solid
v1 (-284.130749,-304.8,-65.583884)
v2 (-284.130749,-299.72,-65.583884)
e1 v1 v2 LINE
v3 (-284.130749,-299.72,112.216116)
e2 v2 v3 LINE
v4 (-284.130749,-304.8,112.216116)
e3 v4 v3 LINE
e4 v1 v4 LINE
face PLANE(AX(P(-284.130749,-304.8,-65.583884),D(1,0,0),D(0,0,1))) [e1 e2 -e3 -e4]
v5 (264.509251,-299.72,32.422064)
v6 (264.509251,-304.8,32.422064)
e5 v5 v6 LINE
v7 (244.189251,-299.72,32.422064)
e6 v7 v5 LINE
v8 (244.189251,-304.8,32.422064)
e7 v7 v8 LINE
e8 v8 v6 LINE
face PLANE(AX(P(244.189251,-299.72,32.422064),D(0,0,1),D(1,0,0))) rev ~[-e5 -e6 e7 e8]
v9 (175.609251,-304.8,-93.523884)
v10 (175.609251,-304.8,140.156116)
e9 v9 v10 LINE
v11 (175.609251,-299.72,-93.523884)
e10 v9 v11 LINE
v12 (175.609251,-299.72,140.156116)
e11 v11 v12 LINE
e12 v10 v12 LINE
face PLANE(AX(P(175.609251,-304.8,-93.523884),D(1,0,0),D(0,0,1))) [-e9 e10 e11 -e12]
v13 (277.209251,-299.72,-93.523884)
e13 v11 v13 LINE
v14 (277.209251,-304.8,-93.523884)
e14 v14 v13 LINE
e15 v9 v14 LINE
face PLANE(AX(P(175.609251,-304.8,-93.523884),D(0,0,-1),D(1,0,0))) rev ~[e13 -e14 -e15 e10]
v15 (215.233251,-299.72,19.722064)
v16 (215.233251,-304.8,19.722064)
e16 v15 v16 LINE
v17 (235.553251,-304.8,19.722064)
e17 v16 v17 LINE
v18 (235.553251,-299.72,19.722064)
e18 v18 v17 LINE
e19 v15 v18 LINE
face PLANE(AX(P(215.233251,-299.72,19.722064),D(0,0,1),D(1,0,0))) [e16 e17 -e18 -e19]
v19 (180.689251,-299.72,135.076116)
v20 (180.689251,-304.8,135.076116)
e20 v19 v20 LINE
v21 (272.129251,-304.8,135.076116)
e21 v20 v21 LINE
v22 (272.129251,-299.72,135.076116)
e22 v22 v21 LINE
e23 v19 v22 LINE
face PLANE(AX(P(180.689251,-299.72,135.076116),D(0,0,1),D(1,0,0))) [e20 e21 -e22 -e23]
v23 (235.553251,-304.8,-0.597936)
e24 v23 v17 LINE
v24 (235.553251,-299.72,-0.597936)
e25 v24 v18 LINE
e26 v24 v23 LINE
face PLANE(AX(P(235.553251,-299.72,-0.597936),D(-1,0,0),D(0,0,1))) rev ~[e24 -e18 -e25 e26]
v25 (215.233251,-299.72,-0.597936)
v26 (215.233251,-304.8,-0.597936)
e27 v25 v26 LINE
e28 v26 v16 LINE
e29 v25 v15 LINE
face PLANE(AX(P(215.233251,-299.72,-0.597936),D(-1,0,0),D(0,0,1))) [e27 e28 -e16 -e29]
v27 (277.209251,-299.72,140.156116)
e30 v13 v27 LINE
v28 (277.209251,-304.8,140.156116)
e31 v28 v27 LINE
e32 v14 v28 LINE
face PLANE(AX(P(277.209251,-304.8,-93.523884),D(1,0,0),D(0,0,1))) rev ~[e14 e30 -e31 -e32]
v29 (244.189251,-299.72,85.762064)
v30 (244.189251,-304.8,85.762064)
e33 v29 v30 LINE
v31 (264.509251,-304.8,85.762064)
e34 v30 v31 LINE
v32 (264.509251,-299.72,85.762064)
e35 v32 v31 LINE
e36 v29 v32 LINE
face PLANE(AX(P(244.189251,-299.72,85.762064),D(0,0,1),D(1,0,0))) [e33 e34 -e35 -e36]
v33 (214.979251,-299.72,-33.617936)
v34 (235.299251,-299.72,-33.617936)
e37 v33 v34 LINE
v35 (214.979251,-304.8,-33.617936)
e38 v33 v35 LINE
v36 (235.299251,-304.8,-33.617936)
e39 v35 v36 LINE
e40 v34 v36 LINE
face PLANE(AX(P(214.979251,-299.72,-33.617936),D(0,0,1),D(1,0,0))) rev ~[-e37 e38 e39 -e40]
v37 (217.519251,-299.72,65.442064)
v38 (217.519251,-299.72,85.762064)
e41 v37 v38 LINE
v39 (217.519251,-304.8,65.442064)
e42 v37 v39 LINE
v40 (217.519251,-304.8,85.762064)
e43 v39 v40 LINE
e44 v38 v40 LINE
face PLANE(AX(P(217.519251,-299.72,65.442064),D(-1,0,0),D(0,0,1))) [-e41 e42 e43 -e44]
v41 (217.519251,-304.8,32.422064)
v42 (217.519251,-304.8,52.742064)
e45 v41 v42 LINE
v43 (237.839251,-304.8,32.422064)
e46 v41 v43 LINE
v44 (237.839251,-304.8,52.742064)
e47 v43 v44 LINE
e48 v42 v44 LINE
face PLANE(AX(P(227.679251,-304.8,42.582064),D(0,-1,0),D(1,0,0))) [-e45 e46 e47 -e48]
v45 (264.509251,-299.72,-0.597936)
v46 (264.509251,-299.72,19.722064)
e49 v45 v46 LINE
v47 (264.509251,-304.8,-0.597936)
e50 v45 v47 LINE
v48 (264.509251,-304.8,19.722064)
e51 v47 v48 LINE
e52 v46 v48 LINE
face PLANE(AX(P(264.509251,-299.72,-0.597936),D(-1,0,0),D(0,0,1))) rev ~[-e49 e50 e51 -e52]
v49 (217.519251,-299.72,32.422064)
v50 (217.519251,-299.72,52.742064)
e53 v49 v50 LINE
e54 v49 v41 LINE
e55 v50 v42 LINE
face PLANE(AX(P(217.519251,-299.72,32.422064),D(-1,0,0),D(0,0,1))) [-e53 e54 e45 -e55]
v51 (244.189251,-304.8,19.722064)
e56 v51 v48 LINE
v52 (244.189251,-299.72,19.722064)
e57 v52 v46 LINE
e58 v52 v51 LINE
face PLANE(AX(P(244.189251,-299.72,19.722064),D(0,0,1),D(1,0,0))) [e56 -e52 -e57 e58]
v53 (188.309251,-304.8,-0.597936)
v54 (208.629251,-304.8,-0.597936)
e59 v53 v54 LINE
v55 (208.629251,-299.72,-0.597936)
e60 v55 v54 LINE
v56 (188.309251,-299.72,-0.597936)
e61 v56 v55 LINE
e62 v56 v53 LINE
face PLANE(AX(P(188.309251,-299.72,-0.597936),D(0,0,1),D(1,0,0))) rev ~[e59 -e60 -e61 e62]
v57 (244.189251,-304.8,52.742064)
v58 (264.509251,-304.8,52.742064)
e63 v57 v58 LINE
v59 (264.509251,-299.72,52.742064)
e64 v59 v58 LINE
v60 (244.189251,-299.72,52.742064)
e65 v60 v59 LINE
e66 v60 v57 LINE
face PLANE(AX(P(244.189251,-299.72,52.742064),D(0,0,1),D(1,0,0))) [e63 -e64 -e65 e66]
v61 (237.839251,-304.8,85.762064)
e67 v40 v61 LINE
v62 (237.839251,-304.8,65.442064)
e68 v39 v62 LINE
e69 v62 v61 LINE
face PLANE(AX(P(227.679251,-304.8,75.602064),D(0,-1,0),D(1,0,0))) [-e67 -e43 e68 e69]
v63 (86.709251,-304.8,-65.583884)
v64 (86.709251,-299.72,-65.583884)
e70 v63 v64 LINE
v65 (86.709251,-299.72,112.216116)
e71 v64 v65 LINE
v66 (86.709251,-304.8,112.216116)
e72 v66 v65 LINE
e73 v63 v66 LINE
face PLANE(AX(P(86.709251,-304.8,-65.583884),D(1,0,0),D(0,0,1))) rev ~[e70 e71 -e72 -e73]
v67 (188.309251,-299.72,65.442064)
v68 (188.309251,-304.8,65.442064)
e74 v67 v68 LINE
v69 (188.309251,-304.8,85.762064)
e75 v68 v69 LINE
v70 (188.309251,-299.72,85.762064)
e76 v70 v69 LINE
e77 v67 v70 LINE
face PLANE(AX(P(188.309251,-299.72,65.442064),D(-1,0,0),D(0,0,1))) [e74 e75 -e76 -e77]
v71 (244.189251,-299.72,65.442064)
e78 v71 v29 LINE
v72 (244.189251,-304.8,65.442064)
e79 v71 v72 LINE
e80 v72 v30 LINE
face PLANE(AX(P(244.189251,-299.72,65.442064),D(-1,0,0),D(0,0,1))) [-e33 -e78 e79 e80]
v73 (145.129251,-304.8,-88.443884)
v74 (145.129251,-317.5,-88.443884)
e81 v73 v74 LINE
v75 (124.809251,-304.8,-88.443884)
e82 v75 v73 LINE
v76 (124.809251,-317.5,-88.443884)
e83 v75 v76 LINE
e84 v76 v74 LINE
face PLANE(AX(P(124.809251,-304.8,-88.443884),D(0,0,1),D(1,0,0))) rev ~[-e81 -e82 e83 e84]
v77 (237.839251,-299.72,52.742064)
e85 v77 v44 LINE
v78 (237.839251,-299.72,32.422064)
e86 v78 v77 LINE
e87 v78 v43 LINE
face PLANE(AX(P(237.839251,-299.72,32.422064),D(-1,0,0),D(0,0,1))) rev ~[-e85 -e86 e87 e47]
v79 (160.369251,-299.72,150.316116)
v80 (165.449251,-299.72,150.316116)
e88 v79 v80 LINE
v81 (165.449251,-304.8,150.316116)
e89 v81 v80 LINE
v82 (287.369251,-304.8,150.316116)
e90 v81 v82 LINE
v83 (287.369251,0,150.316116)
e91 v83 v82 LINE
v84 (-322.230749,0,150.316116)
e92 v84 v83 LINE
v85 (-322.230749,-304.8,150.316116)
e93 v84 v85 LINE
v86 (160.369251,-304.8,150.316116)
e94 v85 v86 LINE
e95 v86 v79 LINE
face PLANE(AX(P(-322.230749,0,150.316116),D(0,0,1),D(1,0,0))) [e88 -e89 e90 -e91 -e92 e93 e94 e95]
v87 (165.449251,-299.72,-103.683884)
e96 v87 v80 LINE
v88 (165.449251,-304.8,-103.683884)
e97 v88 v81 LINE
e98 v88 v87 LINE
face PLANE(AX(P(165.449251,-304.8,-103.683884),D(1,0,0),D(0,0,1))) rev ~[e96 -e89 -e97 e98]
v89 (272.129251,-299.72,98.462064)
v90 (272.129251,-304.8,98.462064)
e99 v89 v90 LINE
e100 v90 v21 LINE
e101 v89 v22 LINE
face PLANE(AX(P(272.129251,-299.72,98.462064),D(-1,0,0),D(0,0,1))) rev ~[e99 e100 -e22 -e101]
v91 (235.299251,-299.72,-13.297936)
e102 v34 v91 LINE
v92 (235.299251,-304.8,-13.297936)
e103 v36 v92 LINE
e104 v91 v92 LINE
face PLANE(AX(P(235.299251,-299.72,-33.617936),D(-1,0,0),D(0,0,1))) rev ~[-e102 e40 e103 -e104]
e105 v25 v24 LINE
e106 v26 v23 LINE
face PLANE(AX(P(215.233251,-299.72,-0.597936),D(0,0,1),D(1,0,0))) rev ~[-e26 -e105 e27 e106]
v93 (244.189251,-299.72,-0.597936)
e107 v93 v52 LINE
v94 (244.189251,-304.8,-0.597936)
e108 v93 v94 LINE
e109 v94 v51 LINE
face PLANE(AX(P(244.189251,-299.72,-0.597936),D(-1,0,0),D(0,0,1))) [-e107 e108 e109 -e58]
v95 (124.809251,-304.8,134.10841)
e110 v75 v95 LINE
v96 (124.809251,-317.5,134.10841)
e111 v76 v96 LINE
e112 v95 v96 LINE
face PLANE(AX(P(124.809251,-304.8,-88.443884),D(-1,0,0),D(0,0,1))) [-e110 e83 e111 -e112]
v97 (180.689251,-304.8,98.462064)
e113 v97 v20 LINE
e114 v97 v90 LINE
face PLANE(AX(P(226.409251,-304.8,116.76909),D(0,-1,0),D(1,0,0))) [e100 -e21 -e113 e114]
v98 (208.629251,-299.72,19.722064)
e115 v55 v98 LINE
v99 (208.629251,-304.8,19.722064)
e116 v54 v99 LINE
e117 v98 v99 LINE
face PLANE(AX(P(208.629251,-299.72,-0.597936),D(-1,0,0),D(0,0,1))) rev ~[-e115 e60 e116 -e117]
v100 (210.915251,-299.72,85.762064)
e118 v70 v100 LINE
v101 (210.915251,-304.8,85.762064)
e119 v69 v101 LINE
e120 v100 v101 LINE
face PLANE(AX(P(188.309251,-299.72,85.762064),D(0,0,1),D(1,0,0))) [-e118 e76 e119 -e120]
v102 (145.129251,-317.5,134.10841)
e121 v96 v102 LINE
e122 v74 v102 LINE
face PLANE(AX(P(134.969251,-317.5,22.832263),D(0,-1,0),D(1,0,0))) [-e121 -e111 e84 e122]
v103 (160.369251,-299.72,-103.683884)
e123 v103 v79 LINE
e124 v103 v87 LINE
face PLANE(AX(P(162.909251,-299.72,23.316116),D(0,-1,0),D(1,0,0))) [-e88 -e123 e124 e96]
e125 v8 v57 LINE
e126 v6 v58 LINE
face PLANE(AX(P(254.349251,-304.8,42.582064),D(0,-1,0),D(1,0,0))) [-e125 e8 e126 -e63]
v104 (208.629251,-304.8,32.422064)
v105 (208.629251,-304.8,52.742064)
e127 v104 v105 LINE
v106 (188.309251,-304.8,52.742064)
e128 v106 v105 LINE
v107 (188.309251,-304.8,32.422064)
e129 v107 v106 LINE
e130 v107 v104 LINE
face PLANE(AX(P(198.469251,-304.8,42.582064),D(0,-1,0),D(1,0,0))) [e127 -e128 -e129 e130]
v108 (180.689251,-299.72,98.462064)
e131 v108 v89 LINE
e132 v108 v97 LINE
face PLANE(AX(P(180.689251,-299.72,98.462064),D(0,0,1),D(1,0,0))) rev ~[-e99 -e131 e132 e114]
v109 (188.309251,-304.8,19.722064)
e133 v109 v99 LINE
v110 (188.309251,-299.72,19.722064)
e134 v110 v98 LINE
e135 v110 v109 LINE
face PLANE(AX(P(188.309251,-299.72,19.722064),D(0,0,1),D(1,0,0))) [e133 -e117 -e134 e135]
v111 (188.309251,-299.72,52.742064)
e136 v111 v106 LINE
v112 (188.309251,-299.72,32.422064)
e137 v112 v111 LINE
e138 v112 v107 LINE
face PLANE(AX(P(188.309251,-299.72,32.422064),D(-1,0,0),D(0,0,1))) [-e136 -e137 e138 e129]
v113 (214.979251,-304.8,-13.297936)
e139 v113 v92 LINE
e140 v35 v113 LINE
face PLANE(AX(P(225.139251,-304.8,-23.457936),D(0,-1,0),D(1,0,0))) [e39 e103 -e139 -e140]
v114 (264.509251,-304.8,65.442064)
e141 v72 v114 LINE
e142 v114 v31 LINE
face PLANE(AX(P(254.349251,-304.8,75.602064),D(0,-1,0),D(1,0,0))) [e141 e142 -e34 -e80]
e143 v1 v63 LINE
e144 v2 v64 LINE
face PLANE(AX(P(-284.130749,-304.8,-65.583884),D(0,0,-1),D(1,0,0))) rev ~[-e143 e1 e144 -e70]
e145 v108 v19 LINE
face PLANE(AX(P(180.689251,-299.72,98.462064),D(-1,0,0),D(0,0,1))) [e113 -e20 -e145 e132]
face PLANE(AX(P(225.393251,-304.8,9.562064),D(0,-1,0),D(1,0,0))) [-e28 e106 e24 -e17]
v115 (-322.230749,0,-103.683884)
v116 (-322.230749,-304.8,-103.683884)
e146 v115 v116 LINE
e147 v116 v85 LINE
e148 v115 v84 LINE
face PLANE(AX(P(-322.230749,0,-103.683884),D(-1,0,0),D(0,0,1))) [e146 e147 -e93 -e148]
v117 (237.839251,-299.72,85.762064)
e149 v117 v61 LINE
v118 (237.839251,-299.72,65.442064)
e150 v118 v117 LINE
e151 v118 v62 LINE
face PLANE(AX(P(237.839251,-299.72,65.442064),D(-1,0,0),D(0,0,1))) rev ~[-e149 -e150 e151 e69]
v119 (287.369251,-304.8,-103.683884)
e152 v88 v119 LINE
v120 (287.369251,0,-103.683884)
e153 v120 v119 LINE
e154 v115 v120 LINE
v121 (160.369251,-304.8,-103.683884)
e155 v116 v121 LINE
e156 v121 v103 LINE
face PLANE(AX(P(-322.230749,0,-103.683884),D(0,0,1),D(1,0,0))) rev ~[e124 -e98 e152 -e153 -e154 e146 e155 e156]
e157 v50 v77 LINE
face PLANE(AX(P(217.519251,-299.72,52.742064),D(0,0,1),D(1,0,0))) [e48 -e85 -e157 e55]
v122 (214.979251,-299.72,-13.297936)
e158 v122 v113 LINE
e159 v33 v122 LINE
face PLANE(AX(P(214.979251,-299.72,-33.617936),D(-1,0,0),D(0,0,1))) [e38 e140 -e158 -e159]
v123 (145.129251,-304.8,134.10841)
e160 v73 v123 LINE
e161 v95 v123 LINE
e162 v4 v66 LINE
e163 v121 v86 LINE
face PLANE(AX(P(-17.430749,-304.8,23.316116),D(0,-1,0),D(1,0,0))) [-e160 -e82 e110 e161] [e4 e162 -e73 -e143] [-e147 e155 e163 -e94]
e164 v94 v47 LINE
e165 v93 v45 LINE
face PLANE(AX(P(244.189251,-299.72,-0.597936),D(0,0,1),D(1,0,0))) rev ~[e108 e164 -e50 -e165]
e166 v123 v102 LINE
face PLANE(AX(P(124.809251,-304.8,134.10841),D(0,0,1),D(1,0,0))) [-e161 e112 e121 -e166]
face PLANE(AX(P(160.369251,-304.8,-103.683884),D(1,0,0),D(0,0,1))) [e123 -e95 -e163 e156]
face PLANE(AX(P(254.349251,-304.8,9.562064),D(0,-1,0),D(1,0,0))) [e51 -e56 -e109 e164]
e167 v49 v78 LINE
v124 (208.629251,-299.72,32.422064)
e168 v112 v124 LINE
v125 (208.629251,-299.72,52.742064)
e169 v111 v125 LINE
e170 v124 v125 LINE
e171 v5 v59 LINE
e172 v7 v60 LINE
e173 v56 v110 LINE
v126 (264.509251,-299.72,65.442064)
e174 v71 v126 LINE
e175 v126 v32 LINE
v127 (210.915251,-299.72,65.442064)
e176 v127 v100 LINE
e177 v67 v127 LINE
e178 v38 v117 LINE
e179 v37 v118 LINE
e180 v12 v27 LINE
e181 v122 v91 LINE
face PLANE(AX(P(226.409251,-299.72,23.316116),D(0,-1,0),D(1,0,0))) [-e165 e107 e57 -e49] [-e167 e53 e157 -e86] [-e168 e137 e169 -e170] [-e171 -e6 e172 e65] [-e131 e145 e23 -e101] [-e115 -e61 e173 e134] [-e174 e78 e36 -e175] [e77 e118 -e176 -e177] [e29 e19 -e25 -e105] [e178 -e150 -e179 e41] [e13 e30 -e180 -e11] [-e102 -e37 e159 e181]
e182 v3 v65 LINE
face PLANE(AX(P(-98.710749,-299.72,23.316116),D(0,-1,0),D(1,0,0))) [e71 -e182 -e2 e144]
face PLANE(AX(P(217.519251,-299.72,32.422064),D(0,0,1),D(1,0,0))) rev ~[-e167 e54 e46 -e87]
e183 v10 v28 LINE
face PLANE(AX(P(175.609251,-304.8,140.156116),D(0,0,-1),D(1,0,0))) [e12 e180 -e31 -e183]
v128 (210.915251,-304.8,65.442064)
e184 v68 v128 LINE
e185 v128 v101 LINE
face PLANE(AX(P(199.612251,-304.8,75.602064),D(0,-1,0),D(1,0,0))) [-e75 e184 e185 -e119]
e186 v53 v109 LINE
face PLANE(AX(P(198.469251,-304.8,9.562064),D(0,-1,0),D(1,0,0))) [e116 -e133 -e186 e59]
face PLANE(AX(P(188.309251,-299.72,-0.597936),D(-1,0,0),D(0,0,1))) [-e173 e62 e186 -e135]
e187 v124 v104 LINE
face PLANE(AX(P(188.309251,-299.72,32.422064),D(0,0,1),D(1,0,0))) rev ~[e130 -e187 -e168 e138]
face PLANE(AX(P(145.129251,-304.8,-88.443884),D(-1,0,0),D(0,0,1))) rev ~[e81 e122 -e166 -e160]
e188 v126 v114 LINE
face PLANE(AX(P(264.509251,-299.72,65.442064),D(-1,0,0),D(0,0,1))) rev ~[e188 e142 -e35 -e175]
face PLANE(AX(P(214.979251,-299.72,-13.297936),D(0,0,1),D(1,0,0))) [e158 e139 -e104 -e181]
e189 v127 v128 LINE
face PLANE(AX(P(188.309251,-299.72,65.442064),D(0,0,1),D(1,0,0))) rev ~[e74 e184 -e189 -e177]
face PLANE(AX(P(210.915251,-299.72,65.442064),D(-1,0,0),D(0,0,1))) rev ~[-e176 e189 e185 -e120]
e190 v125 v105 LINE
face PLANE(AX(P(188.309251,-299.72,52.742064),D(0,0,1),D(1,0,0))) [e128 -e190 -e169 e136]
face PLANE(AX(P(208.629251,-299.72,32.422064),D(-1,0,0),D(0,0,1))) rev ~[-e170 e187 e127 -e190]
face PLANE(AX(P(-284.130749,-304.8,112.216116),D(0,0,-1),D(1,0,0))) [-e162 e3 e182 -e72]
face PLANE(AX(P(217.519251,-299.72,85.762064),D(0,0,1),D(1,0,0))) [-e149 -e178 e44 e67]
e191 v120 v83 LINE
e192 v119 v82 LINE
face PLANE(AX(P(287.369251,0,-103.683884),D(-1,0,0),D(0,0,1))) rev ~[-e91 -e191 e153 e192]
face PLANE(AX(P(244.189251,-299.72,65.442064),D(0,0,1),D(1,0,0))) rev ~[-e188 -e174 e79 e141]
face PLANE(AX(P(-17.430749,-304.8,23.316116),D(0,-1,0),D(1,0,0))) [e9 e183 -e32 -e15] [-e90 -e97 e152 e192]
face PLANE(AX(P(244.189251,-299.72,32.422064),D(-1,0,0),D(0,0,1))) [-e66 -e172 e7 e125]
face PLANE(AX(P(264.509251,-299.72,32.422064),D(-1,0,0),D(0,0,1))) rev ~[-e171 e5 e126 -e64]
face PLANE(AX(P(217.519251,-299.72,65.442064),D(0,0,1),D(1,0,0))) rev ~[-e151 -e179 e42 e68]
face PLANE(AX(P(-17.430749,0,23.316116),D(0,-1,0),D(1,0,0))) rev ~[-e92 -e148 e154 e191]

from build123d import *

# Parameters (mm, degrees)
F0_W      = 609.6
F0_H      = 254
F1_DEPTH  = 304.8
F2_W      = 101.6
F2_H      = 233.68
F3_DEPTH  = 5.08
F4_W      = 5.08
F4_H      = 254
F5_DEPTH  = 5.08
F6_W      = 91.44
F6_H      = 36.614052
F6_W_2    = 22.606
F6_H_2    = 20.32
F6_W_3    = 20.32
F7_DEPTH  = 5.08
F8_W      = 20.32
F8_H      = 222.552294
F9_DEPTH  = 12.7
F10_W     = 370.84
F10_H     = 177.8
F11_DEPTH = 5.08


with BuildPart() as f1:
    # F0 (on Front) → F1 (new body)
    with BuildSketch(Plane.XZ):
        with Locations((-17.430749, 23.316116)):
            Rectangle(F0_W, F0_H)
    extrude(amount=F1_DEPTH)

    # F2 (on face) → F3 (cut)
    with BuildSketch(Plane.XZ.offset(304.8)):
        with Locations((226.409251, 23.316116)):
            Rectangle(F2_W, F2_H)
    extrude(amount=-F3_DEPTH, mode=Mode.SUBTRACT)

    # F4 (on face) → F5 (cut)
    with BuildSketch(Plane.XZ.offset(304.8)):
        with Locations((162.909251, 23.316116)):
            Rectangle(F4_W, F4_H)
    extrude(amount=-F5_DEPTH, mode=Mode.SUBTRACT)

    # F6 (on face) → F7 (join)
    with BuildSketch(Plane.XZ.offset(299.72)):
        with Locations((226.409251, 116.76909)):
            Rectangle(F6_W, F6_H)
        with Locations((199.612251, 75.602064)):
            Rectangle(F6_W_2, F6_H_2)
        with Locations((227.679251, 75.602064)):
            Rectangle(F6_W_3, F6_H_2)
        with Locations((254.349251, 75.602064)):
            Rectangle(F6_W_3, F6_H_2)
        with Locations((198.469251, 42.582064)):
            Rectangle(F6_W_3, F6_H_2)
        with Locations((227.679251, 42.582064)):
            Rectangle(F6_W_3, F6_H_2)
        with Locations((254.349251, 42.582064)):
            Rectangle(F6_W_3, F6_H_2)
        with Locations((198.469251, 9.562064)):
            Rectangle(F6_W_3, F6_H_2)
        with Locations((225.393251, 9.562064)):
            Rectangle(F6_W_3, F6_H_2)
        with Locations((254.349251, 9.562064)):
            Rectangle(F6_W_3, F6_H_2)
        with Locations((225.139251, -23.457936)):
            Rectangle(F6_W_3, F6_H_2)
    extrude(amount=F7_DEPTH)

    # F8 (on face) → F9 (join)
    with BuildSketch(Plane.XZ.offset(304.8)):
        with Locations((134.969251, 22.832263)):
            Rectangle(F8_W, F8_H)
    extrude(amount=F9_DEPTH)

    # F10 (on face) → F11 (cut)
    with BuildSketch(Plane.XZ.offset(304.8)):
        with Locations((-98.710749, 23.316116)):
            Rectangle(F10_W, F10_H)
    extrude(amount=-F11_DEPTH, mode=Mode.SUBTRACT)


solid = f1.part
